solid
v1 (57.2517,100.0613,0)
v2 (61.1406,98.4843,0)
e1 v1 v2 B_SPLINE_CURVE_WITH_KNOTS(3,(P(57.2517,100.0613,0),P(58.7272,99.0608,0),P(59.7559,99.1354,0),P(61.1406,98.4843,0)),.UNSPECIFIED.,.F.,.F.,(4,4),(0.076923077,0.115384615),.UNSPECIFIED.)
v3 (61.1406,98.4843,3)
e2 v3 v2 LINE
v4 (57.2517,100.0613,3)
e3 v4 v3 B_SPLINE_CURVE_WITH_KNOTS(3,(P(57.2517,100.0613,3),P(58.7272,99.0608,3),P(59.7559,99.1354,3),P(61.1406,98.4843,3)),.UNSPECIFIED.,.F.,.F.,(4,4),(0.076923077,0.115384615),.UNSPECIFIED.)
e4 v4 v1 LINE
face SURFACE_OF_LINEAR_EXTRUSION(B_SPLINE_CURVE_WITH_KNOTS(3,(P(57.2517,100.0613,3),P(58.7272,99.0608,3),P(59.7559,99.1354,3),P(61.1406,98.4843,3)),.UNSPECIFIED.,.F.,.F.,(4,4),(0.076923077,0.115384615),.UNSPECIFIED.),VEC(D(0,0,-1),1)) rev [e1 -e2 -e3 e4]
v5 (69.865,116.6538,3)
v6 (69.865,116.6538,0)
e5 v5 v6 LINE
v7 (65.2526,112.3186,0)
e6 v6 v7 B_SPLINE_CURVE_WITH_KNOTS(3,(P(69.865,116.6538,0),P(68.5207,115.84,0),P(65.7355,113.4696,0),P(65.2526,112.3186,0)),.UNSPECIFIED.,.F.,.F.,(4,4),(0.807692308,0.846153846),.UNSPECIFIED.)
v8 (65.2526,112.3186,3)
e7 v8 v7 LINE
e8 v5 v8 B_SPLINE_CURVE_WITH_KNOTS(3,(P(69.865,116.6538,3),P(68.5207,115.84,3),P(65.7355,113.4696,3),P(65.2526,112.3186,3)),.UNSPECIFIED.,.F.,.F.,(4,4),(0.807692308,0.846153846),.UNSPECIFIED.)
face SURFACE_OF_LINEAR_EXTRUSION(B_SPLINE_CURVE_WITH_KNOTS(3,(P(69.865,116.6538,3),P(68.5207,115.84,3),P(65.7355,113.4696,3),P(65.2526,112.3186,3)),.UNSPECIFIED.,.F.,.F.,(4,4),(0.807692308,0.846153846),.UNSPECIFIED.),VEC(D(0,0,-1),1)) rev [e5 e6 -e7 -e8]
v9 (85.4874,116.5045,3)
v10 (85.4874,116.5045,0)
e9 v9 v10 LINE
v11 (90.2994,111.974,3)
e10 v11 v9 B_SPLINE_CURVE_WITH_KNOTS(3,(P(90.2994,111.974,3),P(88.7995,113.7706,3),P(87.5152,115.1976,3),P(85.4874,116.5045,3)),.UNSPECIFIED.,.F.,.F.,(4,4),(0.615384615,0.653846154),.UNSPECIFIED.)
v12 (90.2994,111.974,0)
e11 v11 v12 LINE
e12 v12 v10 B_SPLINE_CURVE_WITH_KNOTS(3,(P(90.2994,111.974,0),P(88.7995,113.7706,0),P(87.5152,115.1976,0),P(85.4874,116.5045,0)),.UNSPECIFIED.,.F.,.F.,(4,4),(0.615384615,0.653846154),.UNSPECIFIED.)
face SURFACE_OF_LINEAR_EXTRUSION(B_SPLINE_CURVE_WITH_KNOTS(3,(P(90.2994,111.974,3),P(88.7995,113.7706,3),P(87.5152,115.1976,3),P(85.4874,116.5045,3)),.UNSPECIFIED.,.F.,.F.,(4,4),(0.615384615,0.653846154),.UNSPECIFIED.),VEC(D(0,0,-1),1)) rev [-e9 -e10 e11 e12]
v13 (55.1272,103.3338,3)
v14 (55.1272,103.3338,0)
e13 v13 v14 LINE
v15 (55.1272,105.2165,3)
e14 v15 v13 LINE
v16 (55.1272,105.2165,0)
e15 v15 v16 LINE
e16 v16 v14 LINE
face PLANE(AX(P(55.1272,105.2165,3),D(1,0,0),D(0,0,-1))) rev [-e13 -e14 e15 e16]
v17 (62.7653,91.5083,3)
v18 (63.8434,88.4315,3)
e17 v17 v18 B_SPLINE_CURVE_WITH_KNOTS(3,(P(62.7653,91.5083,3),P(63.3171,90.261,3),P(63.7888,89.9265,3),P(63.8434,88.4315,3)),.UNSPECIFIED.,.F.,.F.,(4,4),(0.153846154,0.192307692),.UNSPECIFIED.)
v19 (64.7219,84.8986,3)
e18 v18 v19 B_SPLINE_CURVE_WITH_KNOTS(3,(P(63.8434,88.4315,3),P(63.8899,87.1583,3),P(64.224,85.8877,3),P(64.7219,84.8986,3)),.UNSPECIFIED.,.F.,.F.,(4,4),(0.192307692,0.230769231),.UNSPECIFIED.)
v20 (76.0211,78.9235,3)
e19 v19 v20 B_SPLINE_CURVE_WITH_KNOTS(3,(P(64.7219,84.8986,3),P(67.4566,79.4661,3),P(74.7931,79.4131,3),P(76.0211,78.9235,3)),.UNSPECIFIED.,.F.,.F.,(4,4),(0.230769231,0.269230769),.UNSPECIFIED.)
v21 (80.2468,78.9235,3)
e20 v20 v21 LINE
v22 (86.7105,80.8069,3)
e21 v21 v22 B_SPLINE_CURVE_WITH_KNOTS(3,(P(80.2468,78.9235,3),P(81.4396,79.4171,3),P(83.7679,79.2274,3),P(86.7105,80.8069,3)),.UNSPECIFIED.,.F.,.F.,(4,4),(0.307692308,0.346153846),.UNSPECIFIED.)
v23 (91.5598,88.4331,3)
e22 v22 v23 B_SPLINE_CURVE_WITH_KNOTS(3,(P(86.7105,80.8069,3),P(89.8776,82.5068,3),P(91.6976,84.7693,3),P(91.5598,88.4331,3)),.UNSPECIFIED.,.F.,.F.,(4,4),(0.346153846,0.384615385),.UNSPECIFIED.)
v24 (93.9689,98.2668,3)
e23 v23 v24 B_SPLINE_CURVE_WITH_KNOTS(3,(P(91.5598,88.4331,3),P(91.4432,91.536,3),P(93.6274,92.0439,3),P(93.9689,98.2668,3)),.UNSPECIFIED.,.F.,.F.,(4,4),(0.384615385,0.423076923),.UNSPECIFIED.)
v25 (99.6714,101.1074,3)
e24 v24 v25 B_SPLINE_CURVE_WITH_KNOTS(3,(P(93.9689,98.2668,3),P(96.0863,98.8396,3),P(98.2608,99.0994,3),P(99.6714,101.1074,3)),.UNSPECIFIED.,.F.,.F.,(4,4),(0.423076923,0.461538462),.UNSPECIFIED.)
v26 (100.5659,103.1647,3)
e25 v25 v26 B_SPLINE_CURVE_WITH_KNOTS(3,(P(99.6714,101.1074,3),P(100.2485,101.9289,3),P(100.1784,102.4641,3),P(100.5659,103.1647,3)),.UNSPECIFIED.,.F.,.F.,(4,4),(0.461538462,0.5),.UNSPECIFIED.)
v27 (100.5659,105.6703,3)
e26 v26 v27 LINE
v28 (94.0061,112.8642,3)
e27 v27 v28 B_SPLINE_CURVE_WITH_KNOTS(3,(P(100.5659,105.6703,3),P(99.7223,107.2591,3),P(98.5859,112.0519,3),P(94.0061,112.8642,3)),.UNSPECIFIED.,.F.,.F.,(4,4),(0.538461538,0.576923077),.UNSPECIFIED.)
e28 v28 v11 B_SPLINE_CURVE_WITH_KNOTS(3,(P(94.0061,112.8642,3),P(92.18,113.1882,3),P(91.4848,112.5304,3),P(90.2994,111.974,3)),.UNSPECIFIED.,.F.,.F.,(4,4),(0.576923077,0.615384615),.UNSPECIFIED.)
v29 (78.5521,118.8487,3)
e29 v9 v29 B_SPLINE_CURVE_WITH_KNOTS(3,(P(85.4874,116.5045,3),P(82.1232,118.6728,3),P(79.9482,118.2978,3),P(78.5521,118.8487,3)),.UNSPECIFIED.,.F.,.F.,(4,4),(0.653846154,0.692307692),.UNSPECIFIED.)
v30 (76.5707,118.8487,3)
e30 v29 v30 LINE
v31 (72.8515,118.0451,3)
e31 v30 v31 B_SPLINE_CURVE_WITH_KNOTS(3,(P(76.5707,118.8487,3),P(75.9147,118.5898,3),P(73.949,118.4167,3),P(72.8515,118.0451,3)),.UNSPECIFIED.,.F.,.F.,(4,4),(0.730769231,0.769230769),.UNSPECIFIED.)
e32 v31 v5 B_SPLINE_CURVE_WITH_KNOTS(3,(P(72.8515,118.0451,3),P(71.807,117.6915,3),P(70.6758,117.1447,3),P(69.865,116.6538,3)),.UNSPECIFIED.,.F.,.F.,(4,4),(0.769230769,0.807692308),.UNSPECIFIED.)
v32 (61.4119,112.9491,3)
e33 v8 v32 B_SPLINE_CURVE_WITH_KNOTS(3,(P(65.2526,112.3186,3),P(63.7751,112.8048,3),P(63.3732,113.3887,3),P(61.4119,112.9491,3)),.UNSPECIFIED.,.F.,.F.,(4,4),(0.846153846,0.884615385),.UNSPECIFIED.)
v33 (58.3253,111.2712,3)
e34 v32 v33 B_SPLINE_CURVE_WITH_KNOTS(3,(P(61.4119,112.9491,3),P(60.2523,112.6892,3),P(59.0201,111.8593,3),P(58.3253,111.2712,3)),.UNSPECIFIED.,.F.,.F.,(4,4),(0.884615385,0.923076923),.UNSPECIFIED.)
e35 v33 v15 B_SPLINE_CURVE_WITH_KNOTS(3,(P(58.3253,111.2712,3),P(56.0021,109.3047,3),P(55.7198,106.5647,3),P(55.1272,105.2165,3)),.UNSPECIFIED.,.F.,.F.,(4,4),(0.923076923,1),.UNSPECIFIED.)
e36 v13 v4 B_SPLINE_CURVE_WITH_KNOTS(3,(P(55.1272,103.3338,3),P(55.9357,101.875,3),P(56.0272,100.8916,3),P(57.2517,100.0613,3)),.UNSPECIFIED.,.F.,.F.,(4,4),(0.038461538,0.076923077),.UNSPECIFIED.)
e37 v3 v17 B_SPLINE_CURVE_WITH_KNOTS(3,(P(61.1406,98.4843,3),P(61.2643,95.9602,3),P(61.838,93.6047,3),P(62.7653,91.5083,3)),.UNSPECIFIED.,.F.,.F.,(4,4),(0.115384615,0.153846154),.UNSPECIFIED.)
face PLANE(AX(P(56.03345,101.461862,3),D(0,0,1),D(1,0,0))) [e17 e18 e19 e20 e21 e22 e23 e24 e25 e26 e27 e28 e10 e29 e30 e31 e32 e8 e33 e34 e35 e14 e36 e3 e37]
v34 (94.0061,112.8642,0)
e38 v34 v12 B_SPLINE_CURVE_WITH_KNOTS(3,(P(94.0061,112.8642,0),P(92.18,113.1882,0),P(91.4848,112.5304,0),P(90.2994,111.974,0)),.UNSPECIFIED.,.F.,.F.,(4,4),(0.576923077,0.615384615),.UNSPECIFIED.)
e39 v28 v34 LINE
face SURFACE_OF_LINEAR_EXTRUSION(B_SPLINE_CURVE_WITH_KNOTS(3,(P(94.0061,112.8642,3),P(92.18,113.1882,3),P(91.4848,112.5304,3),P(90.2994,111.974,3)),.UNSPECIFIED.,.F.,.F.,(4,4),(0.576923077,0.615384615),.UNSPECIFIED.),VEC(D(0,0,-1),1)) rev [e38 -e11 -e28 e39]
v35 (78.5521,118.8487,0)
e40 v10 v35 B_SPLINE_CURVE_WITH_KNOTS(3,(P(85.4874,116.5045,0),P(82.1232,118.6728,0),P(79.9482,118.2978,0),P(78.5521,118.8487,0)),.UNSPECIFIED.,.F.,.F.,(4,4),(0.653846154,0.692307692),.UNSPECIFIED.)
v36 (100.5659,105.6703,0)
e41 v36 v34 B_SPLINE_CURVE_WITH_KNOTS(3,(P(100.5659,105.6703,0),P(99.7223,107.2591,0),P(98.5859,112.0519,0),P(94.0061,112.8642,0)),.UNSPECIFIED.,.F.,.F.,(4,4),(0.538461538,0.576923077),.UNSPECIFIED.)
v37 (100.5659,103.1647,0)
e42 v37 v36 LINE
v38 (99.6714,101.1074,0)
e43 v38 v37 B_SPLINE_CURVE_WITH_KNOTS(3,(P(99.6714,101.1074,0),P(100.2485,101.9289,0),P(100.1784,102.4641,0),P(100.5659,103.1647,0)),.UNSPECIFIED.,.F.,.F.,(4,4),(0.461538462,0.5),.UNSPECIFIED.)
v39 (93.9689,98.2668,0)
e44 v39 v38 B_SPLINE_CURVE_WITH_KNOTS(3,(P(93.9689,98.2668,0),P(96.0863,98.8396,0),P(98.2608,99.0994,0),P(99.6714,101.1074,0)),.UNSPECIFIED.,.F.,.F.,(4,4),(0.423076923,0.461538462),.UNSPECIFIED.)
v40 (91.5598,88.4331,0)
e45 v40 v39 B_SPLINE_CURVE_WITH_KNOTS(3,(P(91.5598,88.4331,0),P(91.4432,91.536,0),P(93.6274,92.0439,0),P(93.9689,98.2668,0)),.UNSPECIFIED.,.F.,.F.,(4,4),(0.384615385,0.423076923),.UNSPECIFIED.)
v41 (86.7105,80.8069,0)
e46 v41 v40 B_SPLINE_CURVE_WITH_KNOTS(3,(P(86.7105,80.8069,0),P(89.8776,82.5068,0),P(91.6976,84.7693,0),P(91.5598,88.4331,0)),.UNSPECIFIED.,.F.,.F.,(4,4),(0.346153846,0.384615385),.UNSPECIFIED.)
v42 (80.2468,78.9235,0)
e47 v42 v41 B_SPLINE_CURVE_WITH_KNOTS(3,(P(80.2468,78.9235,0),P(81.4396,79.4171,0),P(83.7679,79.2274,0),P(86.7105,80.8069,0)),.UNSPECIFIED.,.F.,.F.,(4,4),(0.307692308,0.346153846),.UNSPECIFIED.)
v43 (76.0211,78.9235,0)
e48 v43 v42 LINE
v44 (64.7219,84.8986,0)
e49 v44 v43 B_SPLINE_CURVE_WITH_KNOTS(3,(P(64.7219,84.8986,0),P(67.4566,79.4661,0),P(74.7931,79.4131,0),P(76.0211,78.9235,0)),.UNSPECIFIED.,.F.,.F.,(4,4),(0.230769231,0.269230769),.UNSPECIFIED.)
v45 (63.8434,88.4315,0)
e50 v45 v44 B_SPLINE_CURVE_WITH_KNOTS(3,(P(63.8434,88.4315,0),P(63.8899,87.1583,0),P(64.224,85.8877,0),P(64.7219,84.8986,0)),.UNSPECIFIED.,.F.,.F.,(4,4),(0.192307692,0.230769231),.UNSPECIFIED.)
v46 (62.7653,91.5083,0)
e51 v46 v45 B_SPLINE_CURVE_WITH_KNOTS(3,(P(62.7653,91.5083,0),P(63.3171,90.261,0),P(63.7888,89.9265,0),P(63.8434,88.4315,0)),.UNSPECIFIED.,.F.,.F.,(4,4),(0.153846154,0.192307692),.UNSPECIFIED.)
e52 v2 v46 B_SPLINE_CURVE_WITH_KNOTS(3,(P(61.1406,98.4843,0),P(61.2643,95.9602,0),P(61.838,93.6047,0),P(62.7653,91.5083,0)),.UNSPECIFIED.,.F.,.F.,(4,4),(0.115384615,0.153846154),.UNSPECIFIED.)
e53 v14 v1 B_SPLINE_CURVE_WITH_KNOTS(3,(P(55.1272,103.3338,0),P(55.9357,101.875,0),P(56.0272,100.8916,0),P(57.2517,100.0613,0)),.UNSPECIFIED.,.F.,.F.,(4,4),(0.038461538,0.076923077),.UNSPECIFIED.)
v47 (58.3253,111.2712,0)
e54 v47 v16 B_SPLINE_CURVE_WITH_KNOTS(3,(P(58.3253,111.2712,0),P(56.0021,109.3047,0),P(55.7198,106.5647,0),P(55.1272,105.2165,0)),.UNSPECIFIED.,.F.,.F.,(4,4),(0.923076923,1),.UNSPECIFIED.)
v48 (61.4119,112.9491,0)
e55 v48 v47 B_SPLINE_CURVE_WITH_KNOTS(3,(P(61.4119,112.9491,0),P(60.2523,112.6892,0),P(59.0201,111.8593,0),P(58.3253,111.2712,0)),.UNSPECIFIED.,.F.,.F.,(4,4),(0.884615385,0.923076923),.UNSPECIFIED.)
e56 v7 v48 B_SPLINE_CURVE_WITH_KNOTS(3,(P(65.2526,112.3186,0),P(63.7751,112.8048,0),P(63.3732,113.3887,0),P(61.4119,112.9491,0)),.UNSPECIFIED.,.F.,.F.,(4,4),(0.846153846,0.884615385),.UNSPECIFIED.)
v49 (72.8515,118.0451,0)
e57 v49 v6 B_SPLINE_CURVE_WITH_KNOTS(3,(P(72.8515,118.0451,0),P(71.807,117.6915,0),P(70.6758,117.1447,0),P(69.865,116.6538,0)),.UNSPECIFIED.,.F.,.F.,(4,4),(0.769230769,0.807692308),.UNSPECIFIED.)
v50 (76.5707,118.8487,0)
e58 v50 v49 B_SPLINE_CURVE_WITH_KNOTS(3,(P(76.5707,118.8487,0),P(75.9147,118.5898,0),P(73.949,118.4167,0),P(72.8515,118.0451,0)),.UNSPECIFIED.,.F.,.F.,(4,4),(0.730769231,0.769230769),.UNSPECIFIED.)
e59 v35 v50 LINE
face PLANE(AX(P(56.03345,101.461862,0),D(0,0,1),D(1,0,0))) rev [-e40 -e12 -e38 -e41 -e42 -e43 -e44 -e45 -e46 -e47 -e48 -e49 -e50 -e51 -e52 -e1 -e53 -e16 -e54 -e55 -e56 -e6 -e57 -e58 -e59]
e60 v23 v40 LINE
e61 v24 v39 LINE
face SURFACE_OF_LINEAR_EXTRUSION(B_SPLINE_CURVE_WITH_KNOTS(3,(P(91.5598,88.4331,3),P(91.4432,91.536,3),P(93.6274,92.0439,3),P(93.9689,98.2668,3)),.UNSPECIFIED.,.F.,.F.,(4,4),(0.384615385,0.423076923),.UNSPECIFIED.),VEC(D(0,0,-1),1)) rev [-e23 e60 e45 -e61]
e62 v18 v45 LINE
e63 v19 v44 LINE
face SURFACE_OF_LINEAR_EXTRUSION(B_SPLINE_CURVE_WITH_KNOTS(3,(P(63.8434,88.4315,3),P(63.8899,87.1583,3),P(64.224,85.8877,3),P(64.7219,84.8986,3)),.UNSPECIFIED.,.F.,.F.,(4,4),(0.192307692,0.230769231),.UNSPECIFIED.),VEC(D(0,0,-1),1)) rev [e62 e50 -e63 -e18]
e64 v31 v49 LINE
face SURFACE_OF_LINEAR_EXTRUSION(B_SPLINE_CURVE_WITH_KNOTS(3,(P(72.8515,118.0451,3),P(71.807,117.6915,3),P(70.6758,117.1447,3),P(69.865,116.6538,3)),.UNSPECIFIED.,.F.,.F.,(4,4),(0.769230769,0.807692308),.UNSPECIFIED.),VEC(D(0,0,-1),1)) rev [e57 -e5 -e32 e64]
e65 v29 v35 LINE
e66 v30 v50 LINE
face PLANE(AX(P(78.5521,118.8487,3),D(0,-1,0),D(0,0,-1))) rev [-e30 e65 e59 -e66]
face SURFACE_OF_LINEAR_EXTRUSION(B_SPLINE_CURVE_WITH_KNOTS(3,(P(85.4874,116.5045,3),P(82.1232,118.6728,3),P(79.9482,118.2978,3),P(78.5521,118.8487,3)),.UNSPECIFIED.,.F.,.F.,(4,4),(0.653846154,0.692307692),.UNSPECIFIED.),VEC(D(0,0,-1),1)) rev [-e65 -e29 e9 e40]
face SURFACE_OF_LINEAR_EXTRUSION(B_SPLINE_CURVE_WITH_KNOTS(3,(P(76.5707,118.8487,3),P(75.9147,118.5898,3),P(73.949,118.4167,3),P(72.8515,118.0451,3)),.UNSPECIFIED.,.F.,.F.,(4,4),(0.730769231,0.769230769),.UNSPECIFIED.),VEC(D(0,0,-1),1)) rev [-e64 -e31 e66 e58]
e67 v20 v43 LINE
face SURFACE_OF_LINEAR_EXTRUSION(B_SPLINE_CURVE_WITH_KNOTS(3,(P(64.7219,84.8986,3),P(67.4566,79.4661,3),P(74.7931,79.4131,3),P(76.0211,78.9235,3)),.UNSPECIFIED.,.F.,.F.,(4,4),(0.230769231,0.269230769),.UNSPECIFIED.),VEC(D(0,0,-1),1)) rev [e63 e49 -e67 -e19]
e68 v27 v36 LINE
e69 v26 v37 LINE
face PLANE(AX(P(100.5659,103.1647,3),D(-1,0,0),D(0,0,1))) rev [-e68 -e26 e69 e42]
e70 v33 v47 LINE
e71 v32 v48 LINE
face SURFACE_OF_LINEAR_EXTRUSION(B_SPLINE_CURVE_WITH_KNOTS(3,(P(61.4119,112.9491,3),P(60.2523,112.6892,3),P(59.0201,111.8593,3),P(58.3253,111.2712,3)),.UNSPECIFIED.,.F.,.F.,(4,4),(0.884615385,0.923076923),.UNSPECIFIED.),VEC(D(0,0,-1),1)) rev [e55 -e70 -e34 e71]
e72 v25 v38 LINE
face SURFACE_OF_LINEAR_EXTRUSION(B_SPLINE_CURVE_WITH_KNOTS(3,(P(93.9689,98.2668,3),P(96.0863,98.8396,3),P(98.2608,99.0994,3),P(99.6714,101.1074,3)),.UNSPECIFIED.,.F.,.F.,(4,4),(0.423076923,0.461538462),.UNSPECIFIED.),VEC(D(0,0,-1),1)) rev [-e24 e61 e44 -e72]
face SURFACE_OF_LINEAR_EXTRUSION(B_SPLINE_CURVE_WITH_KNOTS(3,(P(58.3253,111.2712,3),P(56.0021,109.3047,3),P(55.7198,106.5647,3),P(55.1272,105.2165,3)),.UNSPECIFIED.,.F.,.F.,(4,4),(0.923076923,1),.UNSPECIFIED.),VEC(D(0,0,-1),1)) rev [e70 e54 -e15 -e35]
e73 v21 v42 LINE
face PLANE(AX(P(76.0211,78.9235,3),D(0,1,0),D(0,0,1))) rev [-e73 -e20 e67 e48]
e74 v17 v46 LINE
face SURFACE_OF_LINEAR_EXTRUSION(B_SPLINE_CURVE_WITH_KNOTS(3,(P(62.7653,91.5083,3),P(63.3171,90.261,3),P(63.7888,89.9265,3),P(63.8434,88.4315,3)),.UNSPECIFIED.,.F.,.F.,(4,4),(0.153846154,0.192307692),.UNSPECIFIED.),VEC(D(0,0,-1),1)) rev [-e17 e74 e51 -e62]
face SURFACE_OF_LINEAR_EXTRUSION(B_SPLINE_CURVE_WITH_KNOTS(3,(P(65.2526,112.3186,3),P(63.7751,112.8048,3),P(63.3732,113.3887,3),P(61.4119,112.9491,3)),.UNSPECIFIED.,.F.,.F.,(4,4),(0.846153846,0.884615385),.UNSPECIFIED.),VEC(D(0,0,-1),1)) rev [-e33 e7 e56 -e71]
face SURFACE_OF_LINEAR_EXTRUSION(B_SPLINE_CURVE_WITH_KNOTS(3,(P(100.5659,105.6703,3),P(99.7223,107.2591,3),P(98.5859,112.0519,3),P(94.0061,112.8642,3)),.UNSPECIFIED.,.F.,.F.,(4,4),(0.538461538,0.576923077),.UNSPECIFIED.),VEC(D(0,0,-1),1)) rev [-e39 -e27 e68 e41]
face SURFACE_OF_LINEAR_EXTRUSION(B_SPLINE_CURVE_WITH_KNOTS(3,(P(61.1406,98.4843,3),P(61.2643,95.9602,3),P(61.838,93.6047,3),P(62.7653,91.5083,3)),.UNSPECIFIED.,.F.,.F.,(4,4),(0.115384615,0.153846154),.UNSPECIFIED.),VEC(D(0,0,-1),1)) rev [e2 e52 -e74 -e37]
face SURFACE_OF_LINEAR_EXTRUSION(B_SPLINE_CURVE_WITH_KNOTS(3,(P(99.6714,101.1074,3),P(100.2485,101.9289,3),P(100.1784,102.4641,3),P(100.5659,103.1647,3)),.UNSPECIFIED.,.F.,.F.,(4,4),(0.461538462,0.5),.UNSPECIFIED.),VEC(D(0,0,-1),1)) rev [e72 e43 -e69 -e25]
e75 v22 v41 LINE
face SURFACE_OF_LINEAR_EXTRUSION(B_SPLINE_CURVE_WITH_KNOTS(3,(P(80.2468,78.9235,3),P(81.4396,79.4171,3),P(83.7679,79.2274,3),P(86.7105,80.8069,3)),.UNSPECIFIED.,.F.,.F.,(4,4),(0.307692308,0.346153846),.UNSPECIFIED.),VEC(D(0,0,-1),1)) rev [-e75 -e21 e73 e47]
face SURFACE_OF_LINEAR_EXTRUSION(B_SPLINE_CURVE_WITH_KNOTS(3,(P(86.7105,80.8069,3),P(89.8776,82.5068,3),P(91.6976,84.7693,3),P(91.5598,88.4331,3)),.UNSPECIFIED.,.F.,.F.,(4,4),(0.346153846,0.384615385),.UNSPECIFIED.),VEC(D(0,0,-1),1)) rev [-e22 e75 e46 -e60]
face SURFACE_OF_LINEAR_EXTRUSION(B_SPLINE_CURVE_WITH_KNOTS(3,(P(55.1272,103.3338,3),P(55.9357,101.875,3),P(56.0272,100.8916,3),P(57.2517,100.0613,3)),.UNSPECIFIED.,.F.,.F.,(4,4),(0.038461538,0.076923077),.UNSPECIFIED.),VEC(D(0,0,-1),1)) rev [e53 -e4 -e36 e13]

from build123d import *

# Parameters (mm, degrees)
BOSS_EXTRUDE1_DEPTH = 3


with BuildPart() as part:
    # Model → Boss-Extrude1 (new body)
    with BuildSketch(Plane.XY):
        with BuildLine():
            Line((55.1272, 105.2165), (55.1272, 103.3338))
            add(Edge.make_bspline(
                [(55.1272, 103.3338), (55.9357, 101.875), (56.0272, 100.8916), (57.2517, 100.0613)],
                knots=[0.038461538, 0.038461538, 0.038461538, 0.038461538, 0.076923077, 0.076923077, 0.076923077, 0.076923077], degree=3))
            add(Edge.make_bspline(
                [(57.2517, 100.0613), (58.7272, 99.0608), (59.7559, 99.1354), (61.1406, 98.4843)],
                knots=[0.076923077, 0.076923077, 0.076923077, 0.076923077, 0.115384615, 0.115384615, 0.115384615, 0.115384615], degree=3))
            add(Edge.make_bspline(
                [(61.1406, 98.4843), (61.2643, 95.9602), (61.838, 93.6047), (62.7653, 91.5083)],
                knots=[0.115384615, 0.115384615, 0.115384615, 0.115384615, 0.153846154, 0.153846154, 0.153846154, 0.153846154], degree=3))
            add(Edge.make_bspline(
                [(62.7653, 91.5083), (63.3171, 90.261), (63.7888, 89.9265), (63.8434, 88.4315)],
                knots=[0.153846154, 0.153846154, 0.153846154, 0.153846154, 0.192307692, 0.192307692, 0.192307692, 0.192307692], degree=3))
            add(Edge.make_bspline(
                [(63.8434, 88.4315), (63.8899, 87.1583), (64.224, 85.8877), (64.7219, 84.8986)],
                knots=[0.192307692, 0.192307692, 0.192307692, 0.192307692, 0.230769231, 0.230769231, 0.230769231, 0.230769231], degree=3))
            add(Edge.make_bspline(
                [(64.7219, 84.8986), (67.4566, 79.4661), (74.7931, 79.4131), (76.0211, 78.9235)],
                knots=[0.230769231, 0.230769231, 0.230769231, 0.230769231, 0.269230769, 0.269230769, 0.269230769, 0.269230769], degree=3))
            Line((76.0211, 78.9235), (80.2468, 78.9235))
            add(Edge.make_bspline(
                [(80.2468, 78.9235), (81.4396, 79.4171), (83.7679, 79.2274), (86.7105, 80.8069)],
                knots=[0.307692308, 0.307692308, 0.307692308, 0.307692308, 0.346153846, 0.346153846, 0.346153846, 0.346153846], degree=3))
            add(Edge.make_bspline(
                [(86.7105, 80.8069), (89.8776, 82.5068), (91.6976, 84.7693), (91.5598, 88.4331)],
                knots=[0.346153846, 0.346153846, 0.346153846, 0.346153846, 0.384615385, 0.384615385, 0.384615385, 0.384615385], degree=3))
            add(Edge.make_bspline(
                [(91.5598, 88.4331), (91.4432, 91.536), (93.6274, 92.0439), (93.9689, 98.2668)],
                knots=[0.384615385, 0.384615385, 0.384615385, 0.384615385, 0.423076923, 0.423076923, 0.423076923, 0.423076923], degree=3))
            add(Edge.make_bspline(
                [(93.9689, 98.2668), (96.0863, 98.8396), (98.2608, 99.0994), (99.6714, 101.1074)],
                knots=[0.423076923, 0.423076923, 0.423076923, 0.423076923, 0.461538462, 0.461538462, 0.461538462, 0.461538462], degree=3))
            add(Edge.make_bspline(
                [(99.6714, 101.1074), (100.2485, 101.9289), (100.1784, 102.4641), (100.5659, 103.1647)],
                knots=[0.461538462, 0.461538462, 0.461538462, 0.461538462, 0.5, 0.5, 0.5, 0.5], degree=3))
            Line((100.5659, 103.1647), (100.5659, 105.6703))
            add(Edge.make_bspline(
                [(100.5659, 105.6703), (99.7223, 107.2591), (98.5859, 112.0519), (94.0061, 112.8642)],
                knots=[0.538461538, 0.538461538, 0.538461538, 0.538461538, 0.576923077, 0.576923077, 0.576923077, 0.576923077], degree=3))
            add(Edge.make_bspline(
                [(94.0061, 112.8642), (92.18, 113.1882), (91.4848, 112.5304), (90.2994, 111.974)],
                knots=[0.576923077, 0.576923077, 0.576923077, 0.576923077, 0.615384615, 0.615384615, 0.615384615, 0.615384615], degree=3))
            add(Edge.make_bspline(
                [(90.2994, 111.974), (88.7995, 113.7706), (87.5152, 115.1976), (85.4874, 116.5045)],
                knots=[0.615384615, 0.615384615, 0.615384615, 0.615384615, 0.653846154, 0.653846154, 0.653846154, 0.653846154], degree=3))
            add(Edge.make_bspline(
                [(85.4874, 116.5045), (82.1232, 118.6728), (79.9482, 118.2978), (78.5521, 118.8487)],
                knots=[0.653846154, 0.653846154, 0.653846154, 0.653846154, 0.692307692, 0.692307692, 0.692307692, 0.692307692], degree=3))
            Line((78.5521, 118.8487), (76.5707, 118.8487))
            add(Edge.make_bspline(
                [(76.5707, 118.8487), (75.9147, 118.5898), (73.949, 118.4167), (72.8515, 118.0451)],
                knots=[0.730769231, 0.730769231, 0.730769231, 0.730769231, 0.769230769, 0.769230769, 0.769230769, 0.769230769], degree=3))
            add(Edge.make_bspline(
                [(72.8515, 118.0451), (71.807, 117.6915), (70.6758, 117.1447), (69.865, 116.6538)],
                knots=[0.769230769, 0.769230769, 0.769230769, 0.769230769, 0.807692308, 0.807692308, 0.807692308, 0.807692308], degree=3))
            add(Edge.make_bspline(
                [(69.865, 116.6538), (68.5207, 115.84), (65.7355, 113.4696), (65.2526, 112.3186)],
                knots=[0.807692308, 0.807692308, 0.807692308, 0.807692308, 0.846153846, 0.846153846, 0.846153846, 0.846153846], degree=3))
            add(Edge.make_bspline(
                [(65.2526, 112.3186), (63.7751, 112.8048), (63.3732, 113.3887), (61.4119, 112.9491)],
                knots=[0.846153846, 0.846153846, 0.846153846, 0.846153846, 0.884615385, 0.884615385, 0.884615385, 0.884615385], degree=3))
            add(Edge.make_bspline(
                [(61.4119, 112.9491), (60.2523, 112.6892), (59.0201, 111.8593), (58.3253, 111.2712)],
                knots=[0.884615385, 0.884615385, 0.884615385, 0.884615385, 0.923076923, 0.923076923, 0.923076923, 0.923076923], degree=3))
            add(Edge.make_bspline(
                [(58.3253, 111.2712), (56.0021, 109.3047), (55.7198, 106.5647), (55.1272, 105.2165)],
                knots=[0.923076923, 0.923076923, 0.923076923, 0.923076923, 1, 1, 1, 1], degree=3))
        make_face()
    extrude(amount=BOSS_EXTRUDE1_DEPTH)


solid = part.part
